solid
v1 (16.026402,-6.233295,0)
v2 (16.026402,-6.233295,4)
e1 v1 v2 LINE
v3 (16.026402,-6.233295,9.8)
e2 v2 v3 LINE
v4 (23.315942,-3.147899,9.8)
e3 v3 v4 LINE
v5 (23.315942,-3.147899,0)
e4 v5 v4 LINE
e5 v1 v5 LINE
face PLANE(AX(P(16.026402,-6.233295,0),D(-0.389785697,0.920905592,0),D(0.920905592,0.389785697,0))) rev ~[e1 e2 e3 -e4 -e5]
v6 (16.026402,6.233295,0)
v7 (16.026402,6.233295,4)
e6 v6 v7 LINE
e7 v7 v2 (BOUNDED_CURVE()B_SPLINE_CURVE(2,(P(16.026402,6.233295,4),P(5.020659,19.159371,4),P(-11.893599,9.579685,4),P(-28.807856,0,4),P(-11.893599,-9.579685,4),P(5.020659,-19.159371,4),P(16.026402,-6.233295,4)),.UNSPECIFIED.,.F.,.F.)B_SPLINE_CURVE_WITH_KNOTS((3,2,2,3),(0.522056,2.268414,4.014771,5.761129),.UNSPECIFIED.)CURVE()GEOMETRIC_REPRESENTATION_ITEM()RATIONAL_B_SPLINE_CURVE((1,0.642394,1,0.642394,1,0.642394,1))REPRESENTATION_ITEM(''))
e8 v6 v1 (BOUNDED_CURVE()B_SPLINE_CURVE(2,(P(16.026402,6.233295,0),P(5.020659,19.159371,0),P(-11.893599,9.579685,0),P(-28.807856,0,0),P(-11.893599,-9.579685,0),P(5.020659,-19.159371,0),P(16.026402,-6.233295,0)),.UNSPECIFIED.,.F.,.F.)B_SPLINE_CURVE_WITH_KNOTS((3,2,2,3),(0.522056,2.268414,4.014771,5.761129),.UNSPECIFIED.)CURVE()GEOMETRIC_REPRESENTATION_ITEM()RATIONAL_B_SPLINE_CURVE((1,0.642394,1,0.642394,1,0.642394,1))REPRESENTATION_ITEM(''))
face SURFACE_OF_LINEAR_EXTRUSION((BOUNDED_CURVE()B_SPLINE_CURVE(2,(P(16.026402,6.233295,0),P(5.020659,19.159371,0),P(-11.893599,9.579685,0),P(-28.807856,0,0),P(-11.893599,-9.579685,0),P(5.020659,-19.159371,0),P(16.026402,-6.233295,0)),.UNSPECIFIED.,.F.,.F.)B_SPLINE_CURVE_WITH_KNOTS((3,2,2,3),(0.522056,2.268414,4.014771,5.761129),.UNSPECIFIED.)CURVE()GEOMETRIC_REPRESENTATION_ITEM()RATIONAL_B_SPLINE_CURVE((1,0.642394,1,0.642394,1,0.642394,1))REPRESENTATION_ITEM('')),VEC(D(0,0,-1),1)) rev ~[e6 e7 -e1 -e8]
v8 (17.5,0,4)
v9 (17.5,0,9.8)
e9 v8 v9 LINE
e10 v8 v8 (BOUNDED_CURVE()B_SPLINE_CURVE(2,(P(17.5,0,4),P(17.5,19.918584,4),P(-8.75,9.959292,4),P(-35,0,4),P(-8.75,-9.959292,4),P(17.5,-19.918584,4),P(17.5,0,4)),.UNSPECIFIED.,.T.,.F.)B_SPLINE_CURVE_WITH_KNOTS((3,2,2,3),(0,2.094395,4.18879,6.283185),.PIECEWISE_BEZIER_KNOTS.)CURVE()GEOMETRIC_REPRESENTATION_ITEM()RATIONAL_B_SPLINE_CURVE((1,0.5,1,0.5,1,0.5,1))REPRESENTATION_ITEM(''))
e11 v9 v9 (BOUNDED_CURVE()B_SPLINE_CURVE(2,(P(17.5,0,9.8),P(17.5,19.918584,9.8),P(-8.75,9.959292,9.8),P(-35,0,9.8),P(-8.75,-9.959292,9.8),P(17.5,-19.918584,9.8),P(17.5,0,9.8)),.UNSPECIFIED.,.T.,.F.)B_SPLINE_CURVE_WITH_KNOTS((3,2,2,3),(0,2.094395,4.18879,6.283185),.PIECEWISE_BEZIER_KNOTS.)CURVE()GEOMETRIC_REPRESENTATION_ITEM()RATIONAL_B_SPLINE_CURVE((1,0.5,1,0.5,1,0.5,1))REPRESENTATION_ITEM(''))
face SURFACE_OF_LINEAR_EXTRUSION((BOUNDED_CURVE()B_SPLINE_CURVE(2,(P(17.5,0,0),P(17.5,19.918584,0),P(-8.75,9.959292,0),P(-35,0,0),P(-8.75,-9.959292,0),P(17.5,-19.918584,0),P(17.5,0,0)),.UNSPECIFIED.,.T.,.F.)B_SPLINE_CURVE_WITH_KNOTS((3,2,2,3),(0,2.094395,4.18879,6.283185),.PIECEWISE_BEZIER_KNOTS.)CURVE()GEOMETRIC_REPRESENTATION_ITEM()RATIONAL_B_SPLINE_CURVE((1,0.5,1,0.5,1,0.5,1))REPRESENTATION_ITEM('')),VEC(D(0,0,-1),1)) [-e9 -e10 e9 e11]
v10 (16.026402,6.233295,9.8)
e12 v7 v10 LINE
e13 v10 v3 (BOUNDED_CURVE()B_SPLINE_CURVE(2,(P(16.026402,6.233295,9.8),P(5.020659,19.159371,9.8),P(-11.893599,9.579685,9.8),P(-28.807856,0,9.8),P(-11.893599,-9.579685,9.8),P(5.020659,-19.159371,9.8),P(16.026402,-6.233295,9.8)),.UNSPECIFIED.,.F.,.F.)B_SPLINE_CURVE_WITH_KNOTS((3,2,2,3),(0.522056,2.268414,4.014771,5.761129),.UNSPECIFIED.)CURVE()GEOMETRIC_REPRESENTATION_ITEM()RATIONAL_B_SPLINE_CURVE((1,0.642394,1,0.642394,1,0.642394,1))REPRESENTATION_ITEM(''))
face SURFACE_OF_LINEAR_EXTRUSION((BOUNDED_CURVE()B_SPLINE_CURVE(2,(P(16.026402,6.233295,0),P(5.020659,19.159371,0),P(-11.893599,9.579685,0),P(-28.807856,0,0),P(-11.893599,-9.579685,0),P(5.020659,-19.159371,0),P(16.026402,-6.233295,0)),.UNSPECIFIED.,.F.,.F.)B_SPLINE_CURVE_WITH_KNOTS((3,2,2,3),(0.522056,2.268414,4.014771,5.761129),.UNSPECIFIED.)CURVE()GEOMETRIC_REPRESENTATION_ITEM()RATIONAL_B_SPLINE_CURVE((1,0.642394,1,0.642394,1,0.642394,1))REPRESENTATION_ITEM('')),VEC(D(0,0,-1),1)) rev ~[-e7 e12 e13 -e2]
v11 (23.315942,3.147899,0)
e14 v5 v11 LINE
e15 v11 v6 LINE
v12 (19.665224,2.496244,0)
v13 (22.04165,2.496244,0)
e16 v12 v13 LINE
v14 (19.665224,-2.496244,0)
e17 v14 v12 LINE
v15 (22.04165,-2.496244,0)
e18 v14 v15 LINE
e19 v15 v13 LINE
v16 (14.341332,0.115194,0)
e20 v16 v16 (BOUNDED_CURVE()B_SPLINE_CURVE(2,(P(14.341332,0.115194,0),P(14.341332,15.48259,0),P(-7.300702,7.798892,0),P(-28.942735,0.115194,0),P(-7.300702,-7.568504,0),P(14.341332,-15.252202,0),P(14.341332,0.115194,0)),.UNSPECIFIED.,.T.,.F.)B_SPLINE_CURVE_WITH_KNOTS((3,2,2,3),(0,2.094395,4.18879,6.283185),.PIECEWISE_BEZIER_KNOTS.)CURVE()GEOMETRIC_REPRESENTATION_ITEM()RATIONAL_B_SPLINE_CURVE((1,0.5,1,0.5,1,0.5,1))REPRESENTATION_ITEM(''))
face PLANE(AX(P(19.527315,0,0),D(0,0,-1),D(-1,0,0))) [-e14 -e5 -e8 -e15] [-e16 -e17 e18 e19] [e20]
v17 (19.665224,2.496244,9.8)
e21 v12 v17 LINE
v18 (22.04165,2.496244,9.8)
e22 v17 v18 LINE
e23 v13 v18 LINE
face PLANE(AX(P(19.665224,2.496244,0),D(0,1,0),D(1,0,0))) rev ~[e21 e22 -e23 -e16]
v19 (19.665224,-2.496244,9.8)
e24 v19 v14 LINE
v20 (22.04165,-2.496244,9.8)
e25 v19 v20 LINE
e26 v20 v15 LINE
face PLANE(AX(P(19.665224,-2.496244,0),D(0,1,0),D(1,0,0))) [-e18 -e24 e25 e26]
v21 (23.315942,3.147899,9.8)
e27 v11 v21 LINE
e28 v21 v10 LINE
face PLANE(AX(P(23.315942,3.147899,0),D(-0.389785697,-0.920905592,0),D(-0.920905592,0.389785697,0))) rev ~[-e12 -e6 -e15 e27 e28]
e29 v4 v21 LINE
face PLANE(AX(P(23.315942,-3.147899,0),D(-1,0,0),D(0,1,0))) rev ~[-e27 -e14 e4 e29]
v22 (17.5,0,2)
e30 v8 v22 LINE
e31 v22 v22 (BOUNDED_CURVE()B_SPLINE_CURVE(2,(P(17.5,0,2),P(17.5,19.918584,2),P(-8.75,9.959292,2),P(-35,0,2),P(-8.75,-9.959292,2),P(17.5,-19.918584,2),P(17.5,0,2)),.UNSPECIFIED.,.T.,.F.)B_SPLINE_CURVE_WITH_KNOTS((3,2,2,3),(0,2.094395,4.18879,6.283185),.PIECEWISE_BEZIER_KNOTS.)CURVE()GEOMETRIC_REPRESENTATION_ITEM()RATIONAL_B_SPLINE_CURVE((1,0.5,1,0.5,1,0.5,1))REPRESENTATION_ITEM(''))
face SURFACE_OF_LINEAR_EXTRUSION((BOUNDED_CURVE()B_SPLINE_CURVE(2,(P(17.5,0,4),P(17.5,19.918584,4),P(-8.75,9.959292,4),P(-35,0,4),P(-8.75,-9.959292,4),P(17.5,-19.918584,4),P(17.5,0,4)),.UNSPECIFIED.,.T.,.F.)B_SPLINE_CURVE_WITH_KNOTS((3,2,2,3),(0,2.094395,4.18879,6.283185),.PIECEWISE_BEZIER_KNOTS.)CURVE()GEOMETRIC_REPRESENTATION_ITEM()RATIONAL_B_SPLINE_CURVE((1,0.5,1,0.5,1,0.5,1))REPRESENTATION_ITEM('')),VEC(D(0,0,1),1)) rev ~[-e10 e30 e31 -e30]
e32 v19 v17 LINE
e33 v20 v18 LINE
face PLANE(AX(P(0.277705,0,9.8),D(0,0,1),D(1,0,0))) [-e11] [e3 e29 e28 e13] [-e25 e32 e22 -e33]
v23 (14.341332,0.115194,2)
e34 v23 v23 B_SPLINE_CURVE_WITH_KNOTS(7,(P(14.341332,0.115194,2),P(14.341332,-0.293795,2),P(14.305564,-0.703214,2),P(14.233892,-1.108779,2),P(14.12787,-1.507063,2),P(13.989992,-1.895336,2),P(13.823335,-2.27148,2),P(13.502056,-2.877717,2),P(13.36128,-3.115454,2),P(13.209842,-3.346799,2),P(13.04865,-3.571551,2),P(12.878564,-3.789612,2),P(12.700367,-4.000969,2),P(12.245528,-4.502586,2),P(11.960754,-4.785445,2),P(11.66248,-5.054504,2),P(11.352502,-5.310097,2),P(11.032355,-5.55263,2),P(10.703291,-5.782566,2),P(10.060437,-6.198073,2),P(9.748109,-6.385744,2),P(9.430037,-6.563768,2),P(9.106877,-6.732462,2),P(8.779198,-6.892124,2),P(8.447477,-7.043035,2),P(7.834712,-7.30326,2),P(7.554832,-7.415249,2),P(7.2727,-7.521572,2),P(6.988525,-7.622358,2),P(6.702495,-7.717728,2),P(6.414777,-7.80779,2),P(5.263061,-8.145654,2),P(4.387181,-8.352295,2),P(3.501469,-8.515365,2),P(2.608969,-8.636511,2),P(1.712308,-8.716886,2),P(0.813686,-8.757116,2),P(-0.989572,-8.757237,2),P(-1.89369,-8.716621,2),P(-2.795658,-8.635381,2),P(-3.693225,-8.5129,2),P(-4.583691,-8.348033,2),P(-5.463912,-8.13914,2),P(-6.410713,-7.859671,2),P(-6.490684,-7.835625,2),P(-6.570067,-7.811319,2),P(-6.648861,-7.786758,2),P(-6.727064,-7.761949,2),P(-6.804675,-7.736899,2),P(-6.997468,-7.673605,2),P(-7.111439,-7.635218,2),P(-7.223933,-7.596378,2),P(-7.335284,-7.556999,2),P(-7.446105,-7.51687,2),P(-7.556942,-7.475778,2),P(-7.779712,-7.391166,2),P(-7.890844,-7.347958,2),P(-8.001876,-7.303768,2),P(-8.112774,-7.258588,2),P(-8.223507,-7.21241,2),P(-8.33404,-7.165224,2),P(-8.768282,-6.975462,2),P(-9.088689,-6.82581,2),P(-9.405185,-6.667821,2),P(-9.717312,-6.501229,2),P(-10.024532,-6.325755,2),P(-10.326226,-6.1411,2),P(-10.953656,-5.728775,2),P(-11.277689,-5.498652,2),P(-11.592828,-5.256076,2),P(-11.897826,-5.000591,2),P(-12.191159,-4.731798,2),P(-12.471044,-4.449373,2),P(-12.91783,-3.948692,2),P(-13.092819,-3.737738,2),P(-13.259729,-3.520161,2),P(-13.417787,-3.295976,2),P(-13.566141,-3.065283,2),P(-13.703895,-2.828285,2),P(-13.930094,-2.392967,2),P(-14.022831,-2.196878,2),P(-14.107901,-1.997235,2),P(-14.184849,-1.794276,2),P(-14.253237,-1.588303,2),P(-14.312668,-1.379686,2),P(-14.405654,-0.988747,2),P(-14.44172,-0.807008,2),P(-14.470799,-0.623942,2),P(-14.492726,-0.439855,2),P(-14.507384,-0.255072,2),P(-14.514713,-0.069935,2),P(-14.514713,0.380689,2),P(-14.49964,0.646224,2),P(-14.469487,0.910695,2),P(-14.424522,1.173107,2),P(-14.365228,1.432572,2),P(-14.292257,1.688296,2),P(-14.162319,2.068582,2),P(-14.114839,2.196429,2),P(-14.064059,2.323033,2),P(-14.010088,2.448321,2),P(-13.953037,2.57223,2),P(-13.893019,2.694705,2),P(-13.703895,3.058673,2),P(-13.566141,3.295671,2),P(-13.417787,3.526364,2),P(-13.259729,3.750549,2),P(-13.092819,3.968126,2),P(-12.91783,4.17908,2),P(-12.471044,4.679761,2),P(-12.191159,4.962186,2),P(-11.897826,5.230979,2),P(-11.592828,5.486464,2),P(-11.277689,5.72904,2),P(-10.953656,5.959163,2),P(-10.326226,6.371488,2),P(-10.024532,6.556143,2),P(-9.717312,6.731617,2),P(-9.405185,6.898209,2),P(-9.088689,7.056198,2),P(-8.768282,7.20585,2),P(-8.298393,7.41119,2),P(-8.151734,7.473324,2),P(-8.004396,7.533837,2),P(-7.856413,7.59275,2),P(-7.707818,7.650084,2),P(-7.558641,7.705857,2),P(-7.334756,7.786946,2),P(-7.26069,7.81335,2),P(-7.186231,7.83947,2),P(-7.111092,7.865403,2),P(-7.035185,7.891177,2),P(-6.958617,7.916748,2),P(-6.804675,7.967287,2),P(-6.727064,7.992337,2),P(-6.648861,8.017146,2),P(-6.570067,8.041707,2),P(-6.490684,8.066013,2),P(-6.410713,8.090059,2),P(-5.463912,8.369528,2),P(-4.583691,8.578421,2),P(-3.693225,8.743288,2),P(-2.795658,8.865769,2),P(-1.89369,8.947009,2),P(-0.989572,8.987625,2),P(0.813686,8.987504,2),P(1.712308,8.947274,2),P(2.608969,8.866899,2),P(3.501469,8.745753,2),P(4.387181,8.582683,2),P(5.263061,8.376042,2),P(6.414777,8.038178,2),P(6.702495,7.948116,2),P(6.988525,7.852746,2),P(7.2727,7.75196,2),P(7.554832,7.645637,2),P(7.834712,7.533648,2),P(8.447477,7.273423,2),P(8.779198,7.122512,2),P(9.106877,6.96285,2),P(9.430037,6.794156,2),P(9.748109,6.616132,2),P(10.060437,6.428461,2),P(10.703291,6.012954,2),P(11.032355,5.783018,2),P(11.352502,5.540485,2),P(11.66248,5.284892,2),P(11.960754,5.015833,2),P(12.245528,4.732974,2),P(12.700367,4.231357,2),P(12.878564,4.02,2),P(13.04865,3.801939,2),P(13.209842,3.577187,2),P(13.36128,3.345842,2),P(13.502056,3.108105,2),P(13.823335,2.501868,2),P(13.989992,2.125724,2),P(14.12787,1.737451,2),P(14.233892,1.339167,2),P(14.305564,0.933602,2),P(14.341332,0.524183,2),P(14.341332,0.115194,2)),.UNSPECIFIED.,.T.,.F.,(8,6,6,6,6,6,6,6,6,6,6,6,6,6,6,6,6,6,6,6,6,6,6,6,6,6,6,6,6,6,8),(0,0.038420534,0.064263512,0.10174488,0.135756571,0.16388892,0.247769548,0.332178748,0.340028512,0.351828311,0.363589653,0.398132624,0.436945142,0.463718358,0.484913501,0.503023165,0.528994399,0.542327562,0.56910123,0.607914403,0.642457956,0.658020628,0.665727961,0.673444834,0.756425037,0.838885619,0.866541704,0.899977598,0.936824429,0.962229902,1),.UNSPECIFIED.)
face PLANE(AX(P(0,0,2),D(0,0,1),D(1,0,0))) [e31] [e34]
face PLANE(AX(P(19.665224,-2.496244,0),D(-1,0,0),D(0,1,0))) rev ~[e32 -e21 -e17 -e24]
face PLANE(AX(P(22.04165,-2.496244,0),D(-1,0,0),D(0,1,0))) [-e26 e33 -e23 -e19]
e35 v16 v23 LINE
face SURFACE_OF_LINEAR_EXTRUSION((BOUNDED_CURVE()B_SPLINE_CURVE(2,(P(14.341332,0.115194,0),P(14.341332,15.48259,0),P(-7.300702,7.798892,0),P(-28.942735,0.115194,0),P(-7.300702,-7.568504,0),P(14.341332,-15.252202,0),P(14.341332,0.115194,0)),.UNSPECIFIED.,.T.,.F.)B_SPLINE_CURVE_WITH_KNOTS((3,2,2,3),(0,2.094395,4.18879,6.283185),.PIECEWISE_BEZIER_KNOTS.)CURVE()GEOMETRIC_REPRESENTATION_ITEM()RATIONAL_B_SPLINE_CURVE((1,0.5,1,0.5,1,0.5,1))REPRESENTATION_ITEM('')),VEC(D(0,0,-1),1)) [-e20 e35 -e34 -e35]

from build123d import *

# Parameters (mm, degrees)
F0_W     = 2.376426
F0_H     = 4.992488
F1_DEPTH = 4
F3_DEPTH = 2
F4_DEPTH = 9.8


with BuildPart() as f1:
    # F0 (on Top) → F1 (new body)
    with BuildSketch(Plane.XY):
        with BuildLine():
            add(Edge.make_bspline(
                [(18.490684, 0), (18.490684, 3.339035), (16.026402, 6.233295)],
                knots=[0, 0, 0, 0.522056, 0.522056, 0.522056], degree=2, weights=[1, 0.966125, 1]))
            add(Edge.make_bspline(
                [(16.026402, -6.233295), (18.490684, -3.339035), (18.490684, 0)],
                knots=[5.761129, 5.761129, 5.761129, 6.283185, 6.283185, 6.283185], degree=2, weights=[1, 0.966125, 1]))
            Line((16.026402, -6.233295), (23.315942, -3.147899))
            Line((23.315942, -3.147899), (23.315942, 0))
            Line((23.315942, 0), (23.315942, 3.147899))
            Line((23.315942, 3.147899), (16.026402, 6.233295))
        make_face()
        with Locations((20.853437, 0)):
            Rectangle(F0_W, F0_H, mode=Mode.SUBTRACT)
        with BuildLine():
            add(Edge.make_bspline(
                [(16.026402, -6.233295), (18.490684, -3.339035), (18.490684, 0)],
                knots=[5.761129, 5.761129, 5.761129, 6.283185, 6.283185, 6.283185], degree=2, weights=[1, 0.966125, 1]))
            add(Edge.make_bspline(
                [(18.490684, 0), (18.490684, 3.339035), (16.026402, 6.233295)],
                knots=[0, 0, 0, 0.522056, 0.522056, 0.522056], degree=2, weights=[1, 0.966125, 1]))
            add(Edge.make_bspline(
                [(16.026402, 6.233295), (5.020659, 19.159371), (-11.893599, 9.579685), (-28.807856, 0), (-11.893599, -9.579685), (5.020659, -19.159371), (16.026402, -6.233295)],
                knots=[0.522056, 0.522056, 0.522056, 2.268414, 2.268414, 4.014771, 4.014771, 5.761129, 5.761129, 5.761129], degree=2, weights=[1, 0.642394, 1, 0.642394, 1, 0.642394, 1]))
        make_face()
        with BuildLine():
            add(Edge.make_bspline(
                [(17.5, 0), (17.5, 19.918584), (-8.75, 9.959292), (-35, 0), (-8.75, -9.959292), (17.5, -19.918584), (17.5, 0)],
                knots=[0, 0, 0, 2.094395, 2.094395, 4.18879, 4.18879, 6.283185, 6.283185, 6.283185], degree=2, weights=[1, 0.5, 1, 0.5, 1, 0.5, 1]))
        make_face(mode=Mode.SUBTRACT)
        with BuildLine():
            add(Edge.make_bspline(
                [(17.5, 0), (17.5, 19.918584), (-8.75, 9.959292), (-35, 0), (-8.75, -9.959292), (17.5, -19.918584), (17.5, 0)],
                knots=[0, 0, 0, 2.094395, 2.094395, 4.18879, 4.18879, 6.283185, 6.283185, 6.283185], degree=2, weights=[1, 0.5, 1, 0.5, 1, 0.5, 1]))
        make_face()
        with BuildLine():
            add(Edge.make_bspline(
                [(14.341332, 0.115194), (14.341332, 15.48259), (-7.300702, 7.798892), (-28.942735, 0.115194), (-7.300702, -7.568504), (14.341332, -15.252202), (14.341332, 0.115194)],
                knots=[0, 0, 0, 2.094395, 2.094395, 4.18879, 4.18879, 6.283185, 6.283185, 6.283185], degree=2, weights=[1, 0.5, 1, 0.5, 1, 0.5, 1]))
        make_face(mode=Mode.SUBTRACT)
    extrude(amount=F1_DEPTH)

    # F2 (on face) → F3 (cut)
    with BuildSketch(Plane.XY.offset(4)):
        with BuildLine():
            add(Edge.make_bspline(
                [(17.5, 0), (17.5, 19.918584), (-8.75, 9.959292), (-35, 0), (-8.75, -9.959292), (17.5, -19.918584), (17.5, 0)],
                knots=[0, 0, 0, 2.094395, 2.094395, 4.18879, 4.18879, 6.283185, 6.283185, 6.283185], degree=2, weights=[1, 0.5, 1, 0.5, 1, 0.5, 1]))
        make_face()
    extrude(amount=-F3_DEPTH, mode=Mode.SUBTRACT)

    # F0 (on Top) → F4 (join)
    with BuildSketch(Plane.XY):
        with BuildLine():
            add(Edge.make_bspline(
                [(16.026402, -6.233295), (18.490684, -3.339035), (18.490684, 0)],
                knots=[5.761129, 5.761129, 5.761129, 6.283185, 6.283185, 6.283185], degree=2, weights=[1, 0.966125, 1]))
            add(Edge.make_bspline(
                [(18.490684, 0), (18.490684, 3.339035), (16.026402, 6.233295)],
                knots=[0, 0, 0, 0.522056, 0.522056, 0.522056], degree=2, weights=[1, 0.966125, 1]))
            add(Edge.make_bspline(
                [(16.026402, 6.233295), (5.020659, 19.159371), (-11.893599, 9.579685), (-28.807856, 0), (-11.893599, -9.579685), (5.020659, -19.159371), (16.026402, -6.233295)],
                knots=[0.522056, 0.522056, 0.522056, 2.268414, 2.268414, 4.014771, 4.014771, 5.761129, 5.761129, 5.761129], degree=2, weights=[1, 0.642394, 1, 0.642394, 1, 0.642394, 1]))
        make_face()
        with BuildLine():
            add(Edge.make_bspline(
                [(17.5, 0), (17.5, 19.918584), (-8.75, 9.959292), (-35, 0), (-8.75, -9.959292), (17.5, -19.918584), (17.5, 0)],
                knots=[0, 0, 0, 2.094395, 2.094395, 4.18879, 4.18879, 6.283185, 6.283185, 6.283185], degree=2, weights=[1, 0.5, 1, 0.5, 1, 0.5, 1]))
        make_face(mode=Mode.SUBTRACT)
        with BuildLine():
            add(Edge.make_bspline(
                [(18.490684, 0), (18.490684, 3.339035), (16.026402, 6.233295)],
                knots=[0, 0, 0, 0.522056, 0.522056, 0.522056], degree=2, weights=[1, 0.966125, 1]))
            add(Edge.make_bspline(
                [(16.026402, -6.233295), (18.490684, -3.339035), (18.490684, 0)],
                knots=[5.761129, 5.761129, 5.761129, 6.283185, 6.283185, 6.283185], degree=2, weights=[1, 0.966125, 1]))
            Line((16.026402, -6.233295), (23.315942, -3.147899))
            Line((23.315942, -3.147899), (23.315942, 0))
            Line((23.315942, 0), (23.315942, 3.147899))
            Line((23.315942, 3.147899), (16.026402, 6.233295))
        make_face()
        with Locations((20.853437, 0)):
            Rectangle(F0_W, F0_H, mode=Mode.SUBTRACT)
    extrude(amount=F4_DEPTH)


solid = f1.part
